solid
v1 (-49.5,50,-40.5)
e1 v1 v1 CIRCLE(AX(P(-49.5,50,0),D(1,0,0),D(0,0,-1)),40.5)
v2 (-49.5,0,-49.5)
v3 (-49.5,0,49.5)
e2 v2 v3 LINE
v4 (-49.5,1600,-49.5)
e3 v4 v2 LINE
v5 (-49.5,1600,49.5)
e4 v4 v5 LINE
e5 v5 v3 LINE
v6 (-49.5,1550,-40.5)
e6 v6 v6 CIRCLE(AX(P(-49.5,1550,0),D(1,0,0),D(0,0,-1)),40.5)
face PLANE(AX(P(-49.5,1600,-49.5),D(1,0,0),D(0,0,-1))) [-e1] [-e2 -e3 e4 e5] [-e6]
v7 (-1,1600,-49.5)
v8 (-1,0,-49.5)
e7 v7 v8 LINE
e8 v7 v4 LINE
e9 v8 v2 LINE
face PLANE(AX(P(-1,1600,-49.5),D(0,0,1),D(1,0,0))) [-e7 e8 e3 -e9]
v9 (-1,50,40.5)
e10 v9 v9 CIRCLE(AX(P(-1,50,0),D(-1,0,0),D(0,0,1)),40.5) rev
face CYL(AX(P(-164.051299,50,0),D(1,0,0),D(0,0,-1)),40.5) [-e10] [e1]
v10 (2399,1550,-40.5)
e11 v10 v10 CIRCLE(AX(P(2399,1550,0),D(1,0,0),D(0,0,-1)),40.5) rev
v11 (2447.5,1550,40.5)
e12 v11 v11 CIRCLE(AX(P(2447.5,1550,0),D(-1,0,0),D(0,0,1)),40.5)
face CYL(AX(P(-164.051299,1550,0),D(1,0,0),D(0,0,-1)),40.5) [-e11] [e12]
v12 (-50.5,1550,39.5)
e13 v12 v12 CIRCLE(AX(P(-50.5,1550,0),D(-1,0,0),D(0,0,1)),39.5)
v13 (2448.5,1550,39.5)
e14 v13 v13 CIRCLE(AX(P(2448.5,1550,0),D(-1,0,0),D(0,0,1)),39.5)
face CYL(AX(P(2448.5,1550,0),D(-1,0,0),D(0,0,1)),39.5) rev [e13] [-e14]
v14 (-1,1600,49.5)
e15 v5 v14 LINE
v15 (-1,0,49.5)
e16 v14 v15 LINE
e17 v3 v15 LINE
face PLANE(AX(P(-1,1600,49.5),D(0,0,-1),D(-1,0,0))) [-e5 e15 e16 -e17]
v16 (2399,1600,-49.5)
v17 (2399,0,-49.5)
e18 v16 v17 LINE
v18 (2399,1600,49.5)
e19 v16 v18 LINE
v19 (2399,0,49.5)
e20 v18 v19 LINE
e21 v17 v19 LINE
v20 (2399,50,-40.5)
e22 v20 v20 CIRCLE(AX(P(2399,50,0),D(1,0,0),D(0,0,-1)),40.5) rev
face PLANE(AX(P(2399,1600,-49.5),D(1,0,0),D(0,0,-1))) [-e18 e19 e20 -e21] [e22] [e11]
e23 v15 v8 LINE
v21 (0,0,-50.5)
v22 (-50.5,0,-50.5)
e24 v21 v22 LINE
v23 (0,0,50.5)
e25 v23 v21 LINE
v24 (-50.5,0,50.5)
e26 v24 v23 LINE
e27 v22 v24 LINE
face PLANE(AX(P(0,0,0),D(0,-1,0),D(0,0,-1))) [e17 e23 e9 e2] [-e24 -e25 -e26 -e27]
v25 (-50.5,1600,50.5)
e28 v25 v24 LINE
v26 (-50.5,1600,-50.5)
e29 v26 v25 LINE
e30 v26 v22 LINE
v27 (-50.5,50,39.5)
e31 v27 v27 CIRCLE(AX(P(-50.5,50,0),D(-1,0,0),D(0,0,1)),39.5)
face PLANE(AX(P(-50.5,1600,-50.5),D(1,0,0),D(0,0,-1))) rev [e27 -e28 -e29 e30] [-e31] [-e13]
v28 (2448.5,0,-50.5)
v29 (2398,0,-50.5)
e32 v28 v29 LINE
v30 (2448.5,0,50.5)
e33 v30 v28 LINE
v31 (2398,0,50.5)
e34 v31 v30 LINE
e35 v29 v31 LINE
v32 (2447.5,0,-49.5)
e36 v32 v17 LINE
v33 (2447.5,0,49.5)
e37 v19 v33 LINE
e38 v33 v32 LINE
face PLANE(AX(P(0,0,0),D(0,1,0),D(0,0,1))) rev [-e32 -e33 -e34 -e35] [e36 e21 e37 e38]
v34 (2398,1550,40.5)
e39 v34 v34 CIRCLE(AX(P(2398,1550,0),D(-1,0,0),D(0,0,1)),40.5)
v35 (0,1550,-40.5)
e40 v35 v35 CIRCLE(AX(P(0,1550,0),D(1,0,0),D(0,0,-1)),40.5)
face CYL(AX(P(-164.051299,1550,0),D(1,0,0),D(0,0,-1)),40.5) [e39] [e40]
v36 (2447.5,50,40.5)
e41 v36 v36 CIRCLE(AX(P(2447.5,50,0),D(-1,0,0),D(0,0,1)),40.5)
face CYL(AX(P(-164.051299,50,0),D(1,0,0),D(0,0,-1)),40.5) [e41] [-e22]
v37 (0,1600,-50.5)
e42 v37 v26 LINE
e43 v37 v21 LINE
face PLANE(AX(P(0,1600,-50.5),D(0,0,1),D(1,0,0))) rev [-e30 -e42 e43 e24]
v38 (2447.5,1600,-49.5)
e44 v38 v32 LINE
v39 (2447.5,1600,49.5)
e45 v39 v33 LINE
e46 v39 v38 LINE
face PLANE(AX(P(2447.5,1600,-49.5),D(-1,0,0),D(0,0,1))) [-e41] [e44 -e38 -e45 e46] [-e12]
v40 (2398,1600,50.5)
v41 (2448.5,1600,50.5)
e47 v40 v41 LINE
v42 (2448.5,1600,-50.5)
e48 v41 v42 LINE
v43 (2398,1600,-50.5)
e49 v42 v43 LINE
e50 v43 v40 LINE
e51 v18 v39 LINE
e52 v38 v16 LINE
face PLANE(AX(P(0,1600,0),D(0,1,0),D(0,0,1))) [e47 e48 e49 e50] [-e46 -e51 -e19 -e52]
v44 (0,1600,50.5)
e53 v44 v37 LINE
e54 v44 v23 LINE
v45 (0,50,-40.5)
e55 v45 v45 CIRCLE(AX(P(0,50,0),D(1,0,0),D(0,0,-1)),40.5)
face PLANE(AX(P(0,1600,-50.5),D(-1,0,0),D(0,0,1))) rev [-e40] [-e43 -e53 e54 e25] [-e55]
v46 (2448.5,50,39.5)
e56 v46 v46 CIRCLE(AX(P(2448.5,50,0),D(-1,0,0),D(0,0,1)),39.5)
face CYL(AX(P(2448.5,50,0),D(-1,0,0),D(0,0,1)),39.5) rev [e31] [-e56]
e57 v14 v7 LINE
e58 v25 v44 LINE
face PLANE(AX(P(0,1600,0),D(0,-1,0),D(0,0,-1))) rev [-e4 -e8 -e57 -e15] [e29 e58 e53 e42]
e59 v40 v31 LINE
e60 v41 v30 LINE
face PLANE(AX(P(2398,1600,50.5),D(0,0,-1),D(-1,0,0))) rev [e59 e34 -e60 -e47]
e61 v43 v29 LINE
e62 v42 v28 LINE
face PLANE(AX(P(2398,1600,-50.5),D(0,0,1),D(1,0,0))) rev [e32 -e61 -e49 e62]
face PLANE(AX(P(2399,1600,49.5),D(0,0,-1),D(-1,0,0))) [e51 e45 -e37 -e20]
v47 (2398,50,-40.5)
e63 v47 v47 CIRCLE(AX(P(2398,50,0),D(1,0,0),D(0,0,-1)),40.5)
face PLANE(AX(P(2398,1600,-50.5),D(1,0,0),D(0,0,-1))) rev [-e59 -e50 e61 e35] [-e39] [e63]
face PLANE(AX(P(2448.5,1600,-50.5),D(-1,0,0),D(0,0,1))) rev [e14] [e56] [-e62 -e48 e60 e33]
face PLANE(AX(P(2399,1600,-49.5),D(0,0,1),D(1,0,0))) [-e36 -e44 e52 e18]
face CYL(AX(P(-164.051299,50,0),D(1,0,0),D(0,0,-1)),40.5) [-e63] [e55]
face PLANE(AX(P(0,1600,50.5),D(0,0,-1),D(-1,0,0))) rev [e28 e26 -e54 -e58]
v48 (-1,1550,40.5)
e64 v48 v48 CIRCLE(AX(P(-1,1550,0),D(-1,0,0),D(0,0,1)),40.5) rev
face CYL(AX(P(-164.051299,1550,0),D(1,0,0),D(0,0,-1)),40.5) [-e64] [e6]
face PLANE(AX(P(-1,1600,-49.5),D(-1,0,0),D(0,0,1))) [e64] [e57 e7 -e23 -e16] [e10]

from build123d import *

# Parameters (mm, degrees)
SKETCH3_W             = 50.5
SKETCH3_H             = 101
SKETCH3_W_2           = 48.5
SKETCH3_H_2           = 99
BOSS_EXTRUDE1_DEPTH   = 1600
BOSS_EXTRUDE1_2_DEPTH = 1600
SKETCH8_R             = 39.5
CUT_EXTRUDE1_DEPTH    = 2500
SKETCH9_R             = 40.5
CUT_EXTRUDE2_DEPTH    = 1
SKETCH10_R            = 40.5
CUT_EXTRUDE3_DEPTH    = 1
SKETCH13_R            = 40.5
SKETCH13_R_2          = 39.5
BOSS_EXTRUDE2_DEPTH   = 2497


with BuildPart() as part:
    # Sketch3 → Boss-Extrude1 (new body)
    with BuildSketch(Plane(origin=(0, 0, 0), x_dir=(1, 0, 0), z_dir=(0, 1, 0))):
        with Locations((-25.25, 0)):
            Rectangle(SKETCH3_W, SKETCH3_H)
        with Locations((-25.25, 0)):
            Rectangle(SKETCH3_W_2, SKETCH3_H_2, mode=Mode.SUBTRACT)
    extrude(amount=BOSS_EXTRUDE1_DEPTH)


with BuildPart() as body_2:
    # Sketch3 → Boss-Extrude1 2 (new body)
    with BuildSketch(Plane(origin=(0, 0, 0), x_dir=(1, 0, 0), z_dir=(0, 1, 0))):
        with Locations((2423.25, 0)):
            Rectangle(SKETCH3_W, SKETCH3_H)
        with Locations((2423.25, 0)):
            Rectangle(SKETCH3_W_2, SKETCH3_H_2, mode=Mode.SUBTRACT)
    extrude(amount=BOSS_EXTRUDE1_2_DEPTH)


with BuildPart() as cut_extrude1_tool:
    # Sketch8 → Cut-Extrude1 (new body, through all)
    with BuildSketch(Plane.ZY.offset(50.5)):
        with Locations((0, 50)):
            Circle(SKETCH8_R)
        with Locations((0, 1550)):
            Circle(SKETCH8_R)
    extrude(amount=-CUT_EXTRUDE1_DEPTH)


with BuildPart() as part_1:
    add(part.part)

    # Cut-Extrude1: cut by cut_extrude1_tool
    add(cut_extrude1_tool.part, mode=Mode.SUBTRACT)

    # Sketch9 → Cut-Extrude2 (cut)
    with BuildSketch(Plane(origin=(0, 0, 0), x_dir=(0, 0, -1), z_dir=(1, 0, 0))):
        with Locations((0, 50)):
            Circle(SKETCH9_R)
        with Locations((0, 1550)):
            Circle(SKETCH9_R)
    extrude(amount=-CUT_EXTRUDE2_DEPTH, mode=Mode.SUBTRACT)



with BuildPart() as body_2_1:
    add(body_2.part)

    # Cut-Extrude1: cut by cut_extrude1_tool
    add(cut_extrude1_tool.part, mode=Mode.SUBTRACT)

    # Sketch10 → Cut-Extrude3 (cut)
    with BuildSketch(Plane.ZY.offset(-2398)):
        with Locations((0, 50)):
            Circle(SKETCH10_R)
        with Locations((0, 1550)):
            Circle(SKETCH10_R)
    extrude(amount=-CUT_EXTRUDE3_DEPTH, mode=Mode.SUBTRACT)


with BuildPart() as part_2:
    add(part_1.part)

    add(body_2_1.part)  # Boss-Extrude2 merges body 2
    # Sketch13 → Boss-Extrude2 (add)
    with BuildSketch(Plane.ZY.offset(-2447.5)):
        with Locations((0, 50)):
            Circle(SKETCH13_R)
        with Locations((0, 50)):
            Circle(SKETCH13_R_2, mode=Mode.SUBTRACT)
        with Locations((0, 1550)):
            Circle(SKETCH13_R)
        with Locations((0, 1550)):
            Circle(SKETCH13_R_2, mode=Mode.SUBTRACT)
    extrude(amount=BOSS_EXTRUDE2_DEPTH)


solid = part_2.part
